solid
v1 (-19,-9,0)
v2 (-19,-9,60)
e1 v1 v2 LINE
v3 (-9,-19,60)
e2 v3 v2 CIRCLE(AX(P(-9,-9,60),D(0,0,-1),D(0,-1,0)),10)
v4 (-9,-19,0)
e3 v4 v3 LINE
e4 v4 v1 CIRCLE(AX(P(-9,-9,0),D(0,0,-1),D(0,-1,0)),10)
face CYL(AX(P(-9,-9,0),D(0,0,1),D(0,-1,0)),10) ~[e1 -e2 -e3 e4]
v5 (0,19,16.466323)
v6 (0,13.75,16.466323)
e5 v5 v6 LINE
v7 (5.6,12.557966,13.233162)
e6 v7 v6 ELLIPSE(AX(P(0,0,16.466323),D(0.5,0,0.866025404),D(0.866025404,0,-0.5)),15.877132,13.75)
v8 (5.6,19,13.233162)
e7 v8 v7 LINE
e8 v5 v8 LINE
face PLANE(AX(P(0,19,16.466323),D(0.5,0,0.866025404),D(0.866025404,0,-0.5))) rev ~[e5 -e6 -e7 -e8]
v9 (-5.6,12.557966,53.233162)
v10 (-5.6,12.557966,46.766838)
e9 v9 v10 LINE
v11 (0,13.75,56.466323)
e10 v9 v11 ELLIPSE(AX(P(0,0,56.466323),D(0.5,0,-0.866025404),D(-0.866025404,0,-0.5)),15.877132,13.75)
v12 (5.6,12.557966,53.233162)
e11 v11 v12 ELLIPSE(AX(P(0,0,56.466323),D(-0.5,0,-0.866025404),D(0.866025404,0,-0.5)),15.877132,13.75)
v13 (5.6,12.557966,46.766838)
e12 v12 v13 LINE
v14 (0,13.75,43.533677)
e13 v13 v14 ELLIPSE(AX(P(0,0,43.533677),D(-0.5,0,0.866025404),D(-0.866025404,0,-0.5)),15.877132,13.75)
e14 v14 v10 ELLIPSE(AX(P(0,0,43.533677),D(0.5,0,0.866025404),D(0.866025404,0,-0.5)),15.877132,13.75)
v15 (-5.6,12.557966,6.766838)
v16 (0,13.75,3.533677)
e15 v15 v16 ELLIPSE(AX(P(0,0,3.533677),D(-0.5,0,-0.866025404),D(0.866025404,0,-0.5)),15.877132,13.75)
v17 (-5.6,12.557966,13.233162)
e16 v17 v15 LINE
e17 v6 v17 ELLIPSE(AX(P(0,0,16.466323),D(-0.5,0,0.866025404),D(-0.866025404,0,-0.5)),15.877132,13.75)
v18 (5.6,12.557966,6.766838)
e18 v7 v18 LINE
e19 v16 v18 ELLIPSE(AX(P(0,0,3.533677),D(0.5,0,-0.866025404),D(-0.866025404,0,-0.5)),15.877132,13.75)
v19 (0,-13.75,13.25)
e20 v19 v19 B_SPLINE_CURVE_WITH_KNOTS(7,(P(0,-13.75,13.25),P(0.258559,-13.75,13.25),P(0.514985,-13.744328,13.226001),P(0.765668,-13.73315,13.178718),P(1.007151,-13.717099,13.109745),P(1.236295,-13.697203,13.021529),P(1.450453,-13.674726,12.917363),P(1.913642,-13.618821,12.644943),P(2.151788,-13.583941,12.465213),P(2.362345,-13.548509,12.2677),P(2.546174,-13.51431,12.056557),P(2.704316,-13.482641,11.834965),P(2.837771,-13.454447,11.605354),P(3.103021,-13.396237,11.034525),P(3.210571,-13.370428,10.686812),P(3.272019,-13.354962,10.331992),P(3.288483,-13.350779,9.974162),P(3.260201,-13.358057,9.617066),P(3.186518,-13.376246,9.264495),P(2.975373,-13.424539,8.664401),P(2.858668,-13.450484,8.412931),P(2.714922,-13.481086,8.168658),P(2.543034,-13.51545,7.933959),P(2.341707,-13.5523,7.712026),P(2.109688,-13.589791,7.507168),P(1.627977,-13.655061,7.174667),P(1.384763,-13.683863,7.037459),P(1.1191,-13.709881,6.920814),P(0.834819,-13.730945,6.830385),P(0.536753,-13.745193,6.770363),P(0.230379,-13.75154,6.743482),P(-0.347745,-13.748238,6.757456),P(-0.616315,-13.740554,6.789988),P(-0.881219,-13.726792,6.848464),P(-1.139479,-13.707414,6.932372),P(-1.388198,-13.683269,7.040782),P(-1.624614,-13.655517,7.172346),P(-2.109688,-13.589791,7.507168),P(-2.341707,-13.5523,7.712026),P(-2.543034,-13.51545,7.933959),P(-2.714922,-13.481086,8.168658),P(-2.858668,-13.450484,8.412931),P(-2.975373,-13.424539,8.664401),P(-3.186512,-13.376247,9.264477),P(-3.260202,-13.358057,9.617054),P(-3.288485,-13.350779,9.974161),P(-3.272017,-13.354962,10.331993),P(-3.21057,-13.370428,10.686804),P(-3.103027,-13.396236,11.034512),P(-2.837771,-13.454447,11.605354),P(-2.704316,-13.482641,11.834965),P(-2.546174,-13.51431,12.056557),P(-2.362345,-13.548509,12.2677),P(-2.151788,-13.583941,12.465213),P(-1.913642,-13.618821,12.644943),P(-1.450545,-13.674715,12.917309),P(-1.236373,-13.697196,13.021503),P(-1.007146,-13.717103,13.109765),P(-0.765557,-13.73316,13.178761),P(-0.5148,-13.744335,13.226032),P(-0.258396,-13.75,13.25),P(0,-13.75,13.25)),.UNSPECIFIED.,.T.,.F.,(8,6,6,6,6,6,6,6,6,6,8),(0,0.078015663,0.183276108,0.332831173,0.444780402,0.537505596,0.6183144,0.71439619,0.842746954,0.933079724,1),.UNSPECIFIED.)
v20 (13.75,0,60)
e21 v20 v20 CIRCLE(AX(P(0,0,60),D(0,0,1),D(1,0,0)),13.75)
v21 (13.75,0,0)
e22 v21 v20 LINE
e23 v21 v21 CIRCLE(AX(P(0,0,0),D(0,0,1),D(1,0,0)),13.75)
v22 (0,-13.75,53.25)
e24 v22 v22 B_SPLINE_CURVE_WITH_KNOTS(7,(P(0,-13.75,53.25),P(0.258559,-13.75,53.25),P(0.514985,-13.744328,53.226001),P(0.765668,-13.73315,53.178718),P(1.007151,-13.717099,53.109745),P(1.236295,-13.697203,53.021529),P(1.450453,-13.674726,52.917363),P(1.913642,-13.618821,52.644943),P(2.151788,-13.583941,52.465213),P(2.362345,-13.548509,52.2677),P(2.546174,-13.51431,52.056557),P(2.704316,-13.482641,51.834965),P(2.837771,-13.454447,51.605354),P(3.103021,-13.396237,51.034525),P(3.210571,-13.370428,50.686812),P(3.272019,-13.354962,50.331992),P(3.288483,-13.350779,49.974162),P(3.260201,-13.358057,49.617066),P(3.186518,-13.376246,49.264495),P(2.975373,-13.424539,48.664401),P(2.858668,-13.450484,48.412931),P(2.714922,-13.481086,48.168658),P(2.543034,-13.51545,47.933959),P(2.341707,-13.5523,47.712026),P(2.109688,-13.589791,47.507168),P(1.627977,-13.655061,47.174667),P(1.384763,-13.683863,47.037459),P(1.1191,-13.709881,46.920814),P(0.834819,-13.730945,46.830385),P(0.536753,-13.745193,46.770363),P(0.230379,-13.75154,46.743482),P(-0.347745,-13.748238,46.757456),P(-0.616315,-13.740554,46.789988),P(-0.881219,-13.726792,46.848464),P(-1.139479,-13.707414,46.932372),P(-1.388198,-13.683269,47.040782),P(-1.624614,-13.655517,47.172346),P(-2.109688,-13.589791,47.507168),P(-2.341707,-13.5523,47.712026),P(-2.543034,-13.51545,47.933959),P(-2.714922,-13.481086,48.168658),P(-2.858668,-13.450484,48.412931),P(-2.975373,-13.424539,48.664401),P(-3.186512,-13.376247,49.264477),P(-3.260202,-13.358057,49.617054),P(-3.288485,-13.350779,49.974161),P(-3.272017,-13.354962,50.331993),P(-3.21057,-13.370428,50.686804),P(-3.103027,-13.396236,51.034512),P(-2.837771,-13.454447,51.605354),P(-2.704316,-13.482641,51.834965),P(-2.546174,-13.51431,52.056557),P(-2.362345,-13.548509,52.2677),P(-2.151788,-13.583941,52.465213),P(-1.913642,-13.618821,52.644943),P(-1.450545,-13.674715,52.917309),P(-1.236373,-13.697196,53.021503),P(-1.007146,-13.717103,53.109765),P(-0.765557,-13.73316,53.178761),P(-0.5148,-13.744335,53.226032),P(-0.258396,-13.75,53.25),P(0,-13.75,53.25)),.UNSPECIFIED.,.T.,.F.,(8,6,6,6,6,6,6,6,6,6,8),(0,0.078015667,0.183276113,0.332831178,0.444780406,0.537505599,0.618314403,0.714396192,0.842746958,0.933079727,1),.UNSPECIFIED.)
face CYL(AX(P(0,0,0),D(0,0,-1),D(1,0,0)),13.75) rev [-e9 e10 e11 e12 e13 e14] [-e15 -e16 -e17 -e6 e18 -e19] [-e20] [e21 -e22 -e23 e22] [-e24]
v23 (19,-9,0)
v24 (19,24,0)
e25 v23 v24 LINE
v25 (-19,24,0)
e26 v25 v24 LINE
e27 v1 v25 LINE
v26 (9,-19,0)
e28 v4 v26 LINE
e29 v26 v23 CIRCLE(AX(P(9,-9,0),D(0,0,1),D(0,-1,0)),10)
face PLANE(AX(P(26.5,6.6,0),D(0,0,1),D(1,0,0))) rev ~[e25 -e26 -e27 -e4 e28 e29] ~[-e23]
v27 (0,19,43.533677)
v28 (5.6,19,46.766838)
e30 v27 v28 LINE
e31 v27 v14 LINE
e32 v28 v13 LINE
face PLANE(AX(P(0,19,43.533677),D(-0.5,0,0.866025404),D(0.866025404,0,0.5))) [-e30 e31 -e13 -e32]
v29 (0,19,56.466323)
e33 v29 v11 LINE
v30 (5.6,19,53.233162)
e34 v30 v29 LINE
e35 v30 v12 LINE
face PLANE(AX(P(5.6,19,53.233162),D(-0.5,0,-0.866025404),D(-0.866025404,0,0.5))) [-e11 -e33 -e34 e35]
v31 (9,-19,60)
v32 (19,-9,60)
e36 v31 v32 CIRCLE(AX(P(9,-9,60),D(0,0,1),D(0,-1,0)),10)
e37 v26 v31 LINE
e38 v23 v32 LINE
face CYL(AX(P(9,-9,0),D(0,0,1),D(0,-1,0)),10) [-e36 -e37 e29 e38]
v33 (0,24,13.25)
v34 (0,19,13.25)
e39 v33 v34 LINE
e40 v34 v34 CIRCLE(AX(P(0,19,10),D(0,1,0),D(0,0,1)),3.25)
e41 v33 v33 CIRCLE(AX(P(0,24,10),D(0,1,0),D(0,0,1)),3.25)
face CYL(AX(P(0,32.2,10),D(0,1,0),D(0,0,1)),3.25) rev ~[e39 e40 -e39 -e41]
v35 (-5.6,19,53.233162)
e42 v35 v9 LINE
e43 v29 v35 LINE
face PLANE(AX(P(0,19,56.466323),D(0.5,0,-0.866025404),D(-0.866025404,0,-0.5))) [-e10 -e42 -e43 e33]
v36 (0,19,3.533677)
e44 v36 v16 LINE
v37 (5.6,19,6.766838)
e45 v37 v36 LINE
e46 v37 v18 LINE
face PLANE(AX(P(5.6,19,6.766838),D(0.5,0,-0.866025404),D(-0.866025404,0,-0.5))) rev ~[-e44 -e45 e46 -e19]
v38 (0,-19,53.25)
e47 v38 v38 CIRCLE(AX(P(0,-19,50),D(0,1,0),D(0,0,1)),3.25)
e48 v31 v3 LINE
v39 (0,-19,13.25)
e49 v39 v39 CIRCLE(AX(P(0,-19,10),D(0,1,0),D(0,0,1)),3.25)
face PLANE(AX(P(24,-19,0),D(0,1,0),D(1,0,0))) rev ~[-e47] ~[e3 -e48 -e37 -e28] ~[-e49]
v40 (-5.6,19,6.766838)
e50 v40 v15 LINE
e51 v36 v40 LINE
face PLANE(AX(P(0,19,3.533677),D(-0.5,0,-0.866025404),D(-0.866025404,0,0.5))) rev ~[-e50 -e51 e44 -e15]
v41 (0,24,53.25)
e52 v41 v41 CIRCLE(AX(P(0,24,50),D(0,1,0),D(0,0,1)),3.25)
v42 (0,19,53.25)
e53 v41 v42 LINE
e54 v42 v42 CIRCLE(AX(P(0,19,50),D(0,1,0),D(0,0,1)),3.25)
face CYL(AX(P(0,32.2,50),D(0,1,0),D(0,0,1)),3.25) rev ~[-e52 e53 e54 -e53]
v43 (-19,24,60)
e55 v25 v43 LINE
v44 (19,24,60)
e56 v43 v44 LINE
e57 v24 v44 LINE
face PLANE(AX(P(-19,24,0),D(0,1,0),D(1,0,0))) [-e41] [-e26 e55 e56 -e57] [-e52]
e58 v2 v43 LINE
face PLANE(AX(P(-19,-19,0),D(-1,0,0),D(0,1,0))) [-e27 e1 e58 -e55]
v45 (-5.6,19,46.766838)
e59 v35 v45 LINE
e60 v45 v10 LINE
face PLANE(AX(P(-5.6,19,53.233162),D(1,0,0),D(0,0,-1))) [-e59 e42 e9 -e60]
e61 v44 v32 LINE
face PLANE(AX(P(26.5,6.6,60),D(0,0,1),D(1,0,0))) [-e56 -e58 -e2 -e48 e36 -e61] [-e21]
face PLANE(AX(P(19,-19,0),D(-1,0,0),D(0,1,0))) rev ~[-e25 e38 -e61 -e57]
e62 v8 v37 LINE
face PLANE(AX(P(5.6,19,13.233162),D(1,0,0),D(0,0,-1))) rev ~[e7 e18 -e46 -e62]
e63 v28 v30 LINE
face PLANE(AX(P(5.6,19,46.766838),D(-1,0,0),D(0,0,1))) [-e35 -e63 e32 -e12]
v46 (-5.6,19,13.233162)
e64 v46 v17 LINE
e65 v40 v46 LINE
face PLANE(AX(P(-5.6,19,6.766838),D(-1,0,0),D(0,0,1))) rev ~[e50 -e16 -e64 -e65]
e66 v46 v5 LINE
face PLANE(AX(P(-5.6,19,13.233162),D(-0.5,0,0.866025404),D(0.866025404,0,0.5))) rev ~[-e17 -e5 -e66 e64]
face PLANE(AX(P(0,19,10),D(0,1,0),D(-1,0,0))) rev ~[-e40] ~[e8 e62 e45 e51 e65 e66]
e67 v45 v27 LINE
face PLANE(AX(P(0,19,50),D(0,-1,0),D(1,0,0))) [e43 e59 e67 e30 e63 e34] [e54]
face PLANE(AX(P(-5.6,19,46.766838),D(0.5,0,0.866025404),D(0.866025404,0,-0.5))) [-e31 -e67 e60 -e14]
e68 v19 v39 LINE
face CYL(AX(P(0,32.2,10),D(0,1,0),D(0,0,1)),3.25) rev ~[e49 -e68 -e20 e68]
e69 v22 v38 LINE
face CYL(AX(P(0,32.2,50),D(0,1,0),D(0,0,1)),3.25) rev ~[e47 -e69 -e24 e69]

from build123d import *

# Parameters (mm, degrees)
SKETCH1_W           = 43
SKETCH1_H           = 43
SKETCH1_R           = 13.75
SKETCH1_H_2         = 7
BOSS_EXTRUDE1_DEPTH = 60
SKETCH3_R           = 3.25
CUT_EXTRUDE5_DEPTH  = 85.038324591
CHAMFER2_SIZE       = 2.5
CUT_EXTRUDE6_START  = -38
CUT_EXTRUDE6_DEPTH  = 15
SKETCH8_W           = 10
SKETCH8_H           = 51.2
CUT_EXTRUDE8_DEPTH  = 75.012431469
FILLET2_R           = 10


with BuildPart() as part:
    # Sketch1 → Boss-Extrude1 (new body)
    # profile 1 of 3: a face of its own
    with BuildSketch(Plane.XY):
        with Locations((2.5, 2.5)):
            Rectangle(SKETCH1_W, SKETCH1_H)
        Circle(SKETCH1_R, mode=Mode.SUBTRACT)
    # profile 2 of 3: a face of its own
    with BuildSketch(Plane.XY):
        with Locations((2.5, 28.7)):
            Rectangle(SKETCH1_W, SKETCH1_H_2)
    # profile 3 of 3: a face of its own
    with BuildSketch(Plane.XY):
        Polygon((24, 24), (24, -19), (29, -19), (29, 32.2), (24, 32.2), (24, 25.2), align=None)
    extrude(amount=BOSS_EXTRUDE1_DEPTH)

    # Sketch3 → Cut-Extrude5 (cut, through all)
    with BuildSketch(Plane(origin=(0, 32.2, 0), x_dir=(1, 0, 0), z_dir=(0, 1, 0))):
        with Locations(Location((0, -50, 0), (0, 0, 270))):
            Circle(SKETCH3_R)
        with Locations(Location((0, -10, 0), (0, 0, 270))):
            Circle(SKETCH3_R)
    extrude(amount=-CUT_EXTRUDE5_DEPTH, mode=Mode.SUBTRACT)

    # Chamfer2
    chamfer2_edges = [part.edges().sort_by_distance(p)[0] for p in [
        (0, 32.2, 46.75),
        (0, 32.2, 6.75),
    ]]
    chamfer(chamfer2_edges, length=CHAMFER2_SIZE)

    # Sketch7 → Cut-Extrude6 (cut)
    with BuildSketch(Plane.XZ.offset(19).offset(CUT_EXTRUDE6_START)):
        Polygon((0, 43.533676985), (5.6, 46.766838493), (5.6, 53.233161507), (0, 56.466323015), (-5.6, 53.233161507), (-5.6, 46.766838493), align=None)
        Polygon((-5.6, 13.233161507), (0, 16.466323015), (5.6, 13.233161507), (5.6, 6.766838493), (0, 3.533676985), (-5.6, 6.766838493), align=None)
    extrude(amount=CUT_EXTRUDE6_DEPTH, mode=Mode.SUBTRACT)

    # Sketch8 → Cut-Extrude8 (cut, through all)
    with BuildSketch(Plane(origin=(0, 0, 0), x_dir=(-1, 0, 0), z_dir=(0, 0, -1))):
        with Locations((-24, 6.6)):
            Rectangle(SKETCH8_W, SKETCH8_H)
    extrude(amount=-CUT_EXTRUDE8_DEPTH, mode=Mode.SUBTRACT)


with BuildPart() as body_2:
    # of the pieces the cut leaves, the one that is kept (cut_extrude8_keep)
    add(part.part.solids().sort_by_distance((-19, 24, 0))[0])

    # Fillet2
    fillet2_edges = [body_2.edges().sort_by_distance(p)[0] for p in [
        (-19, -19, 30),
        (19, -19, 30),
    ]]
    fillet(fillet2_edges, radius=FILLET2_R)


solid = body_2.part
